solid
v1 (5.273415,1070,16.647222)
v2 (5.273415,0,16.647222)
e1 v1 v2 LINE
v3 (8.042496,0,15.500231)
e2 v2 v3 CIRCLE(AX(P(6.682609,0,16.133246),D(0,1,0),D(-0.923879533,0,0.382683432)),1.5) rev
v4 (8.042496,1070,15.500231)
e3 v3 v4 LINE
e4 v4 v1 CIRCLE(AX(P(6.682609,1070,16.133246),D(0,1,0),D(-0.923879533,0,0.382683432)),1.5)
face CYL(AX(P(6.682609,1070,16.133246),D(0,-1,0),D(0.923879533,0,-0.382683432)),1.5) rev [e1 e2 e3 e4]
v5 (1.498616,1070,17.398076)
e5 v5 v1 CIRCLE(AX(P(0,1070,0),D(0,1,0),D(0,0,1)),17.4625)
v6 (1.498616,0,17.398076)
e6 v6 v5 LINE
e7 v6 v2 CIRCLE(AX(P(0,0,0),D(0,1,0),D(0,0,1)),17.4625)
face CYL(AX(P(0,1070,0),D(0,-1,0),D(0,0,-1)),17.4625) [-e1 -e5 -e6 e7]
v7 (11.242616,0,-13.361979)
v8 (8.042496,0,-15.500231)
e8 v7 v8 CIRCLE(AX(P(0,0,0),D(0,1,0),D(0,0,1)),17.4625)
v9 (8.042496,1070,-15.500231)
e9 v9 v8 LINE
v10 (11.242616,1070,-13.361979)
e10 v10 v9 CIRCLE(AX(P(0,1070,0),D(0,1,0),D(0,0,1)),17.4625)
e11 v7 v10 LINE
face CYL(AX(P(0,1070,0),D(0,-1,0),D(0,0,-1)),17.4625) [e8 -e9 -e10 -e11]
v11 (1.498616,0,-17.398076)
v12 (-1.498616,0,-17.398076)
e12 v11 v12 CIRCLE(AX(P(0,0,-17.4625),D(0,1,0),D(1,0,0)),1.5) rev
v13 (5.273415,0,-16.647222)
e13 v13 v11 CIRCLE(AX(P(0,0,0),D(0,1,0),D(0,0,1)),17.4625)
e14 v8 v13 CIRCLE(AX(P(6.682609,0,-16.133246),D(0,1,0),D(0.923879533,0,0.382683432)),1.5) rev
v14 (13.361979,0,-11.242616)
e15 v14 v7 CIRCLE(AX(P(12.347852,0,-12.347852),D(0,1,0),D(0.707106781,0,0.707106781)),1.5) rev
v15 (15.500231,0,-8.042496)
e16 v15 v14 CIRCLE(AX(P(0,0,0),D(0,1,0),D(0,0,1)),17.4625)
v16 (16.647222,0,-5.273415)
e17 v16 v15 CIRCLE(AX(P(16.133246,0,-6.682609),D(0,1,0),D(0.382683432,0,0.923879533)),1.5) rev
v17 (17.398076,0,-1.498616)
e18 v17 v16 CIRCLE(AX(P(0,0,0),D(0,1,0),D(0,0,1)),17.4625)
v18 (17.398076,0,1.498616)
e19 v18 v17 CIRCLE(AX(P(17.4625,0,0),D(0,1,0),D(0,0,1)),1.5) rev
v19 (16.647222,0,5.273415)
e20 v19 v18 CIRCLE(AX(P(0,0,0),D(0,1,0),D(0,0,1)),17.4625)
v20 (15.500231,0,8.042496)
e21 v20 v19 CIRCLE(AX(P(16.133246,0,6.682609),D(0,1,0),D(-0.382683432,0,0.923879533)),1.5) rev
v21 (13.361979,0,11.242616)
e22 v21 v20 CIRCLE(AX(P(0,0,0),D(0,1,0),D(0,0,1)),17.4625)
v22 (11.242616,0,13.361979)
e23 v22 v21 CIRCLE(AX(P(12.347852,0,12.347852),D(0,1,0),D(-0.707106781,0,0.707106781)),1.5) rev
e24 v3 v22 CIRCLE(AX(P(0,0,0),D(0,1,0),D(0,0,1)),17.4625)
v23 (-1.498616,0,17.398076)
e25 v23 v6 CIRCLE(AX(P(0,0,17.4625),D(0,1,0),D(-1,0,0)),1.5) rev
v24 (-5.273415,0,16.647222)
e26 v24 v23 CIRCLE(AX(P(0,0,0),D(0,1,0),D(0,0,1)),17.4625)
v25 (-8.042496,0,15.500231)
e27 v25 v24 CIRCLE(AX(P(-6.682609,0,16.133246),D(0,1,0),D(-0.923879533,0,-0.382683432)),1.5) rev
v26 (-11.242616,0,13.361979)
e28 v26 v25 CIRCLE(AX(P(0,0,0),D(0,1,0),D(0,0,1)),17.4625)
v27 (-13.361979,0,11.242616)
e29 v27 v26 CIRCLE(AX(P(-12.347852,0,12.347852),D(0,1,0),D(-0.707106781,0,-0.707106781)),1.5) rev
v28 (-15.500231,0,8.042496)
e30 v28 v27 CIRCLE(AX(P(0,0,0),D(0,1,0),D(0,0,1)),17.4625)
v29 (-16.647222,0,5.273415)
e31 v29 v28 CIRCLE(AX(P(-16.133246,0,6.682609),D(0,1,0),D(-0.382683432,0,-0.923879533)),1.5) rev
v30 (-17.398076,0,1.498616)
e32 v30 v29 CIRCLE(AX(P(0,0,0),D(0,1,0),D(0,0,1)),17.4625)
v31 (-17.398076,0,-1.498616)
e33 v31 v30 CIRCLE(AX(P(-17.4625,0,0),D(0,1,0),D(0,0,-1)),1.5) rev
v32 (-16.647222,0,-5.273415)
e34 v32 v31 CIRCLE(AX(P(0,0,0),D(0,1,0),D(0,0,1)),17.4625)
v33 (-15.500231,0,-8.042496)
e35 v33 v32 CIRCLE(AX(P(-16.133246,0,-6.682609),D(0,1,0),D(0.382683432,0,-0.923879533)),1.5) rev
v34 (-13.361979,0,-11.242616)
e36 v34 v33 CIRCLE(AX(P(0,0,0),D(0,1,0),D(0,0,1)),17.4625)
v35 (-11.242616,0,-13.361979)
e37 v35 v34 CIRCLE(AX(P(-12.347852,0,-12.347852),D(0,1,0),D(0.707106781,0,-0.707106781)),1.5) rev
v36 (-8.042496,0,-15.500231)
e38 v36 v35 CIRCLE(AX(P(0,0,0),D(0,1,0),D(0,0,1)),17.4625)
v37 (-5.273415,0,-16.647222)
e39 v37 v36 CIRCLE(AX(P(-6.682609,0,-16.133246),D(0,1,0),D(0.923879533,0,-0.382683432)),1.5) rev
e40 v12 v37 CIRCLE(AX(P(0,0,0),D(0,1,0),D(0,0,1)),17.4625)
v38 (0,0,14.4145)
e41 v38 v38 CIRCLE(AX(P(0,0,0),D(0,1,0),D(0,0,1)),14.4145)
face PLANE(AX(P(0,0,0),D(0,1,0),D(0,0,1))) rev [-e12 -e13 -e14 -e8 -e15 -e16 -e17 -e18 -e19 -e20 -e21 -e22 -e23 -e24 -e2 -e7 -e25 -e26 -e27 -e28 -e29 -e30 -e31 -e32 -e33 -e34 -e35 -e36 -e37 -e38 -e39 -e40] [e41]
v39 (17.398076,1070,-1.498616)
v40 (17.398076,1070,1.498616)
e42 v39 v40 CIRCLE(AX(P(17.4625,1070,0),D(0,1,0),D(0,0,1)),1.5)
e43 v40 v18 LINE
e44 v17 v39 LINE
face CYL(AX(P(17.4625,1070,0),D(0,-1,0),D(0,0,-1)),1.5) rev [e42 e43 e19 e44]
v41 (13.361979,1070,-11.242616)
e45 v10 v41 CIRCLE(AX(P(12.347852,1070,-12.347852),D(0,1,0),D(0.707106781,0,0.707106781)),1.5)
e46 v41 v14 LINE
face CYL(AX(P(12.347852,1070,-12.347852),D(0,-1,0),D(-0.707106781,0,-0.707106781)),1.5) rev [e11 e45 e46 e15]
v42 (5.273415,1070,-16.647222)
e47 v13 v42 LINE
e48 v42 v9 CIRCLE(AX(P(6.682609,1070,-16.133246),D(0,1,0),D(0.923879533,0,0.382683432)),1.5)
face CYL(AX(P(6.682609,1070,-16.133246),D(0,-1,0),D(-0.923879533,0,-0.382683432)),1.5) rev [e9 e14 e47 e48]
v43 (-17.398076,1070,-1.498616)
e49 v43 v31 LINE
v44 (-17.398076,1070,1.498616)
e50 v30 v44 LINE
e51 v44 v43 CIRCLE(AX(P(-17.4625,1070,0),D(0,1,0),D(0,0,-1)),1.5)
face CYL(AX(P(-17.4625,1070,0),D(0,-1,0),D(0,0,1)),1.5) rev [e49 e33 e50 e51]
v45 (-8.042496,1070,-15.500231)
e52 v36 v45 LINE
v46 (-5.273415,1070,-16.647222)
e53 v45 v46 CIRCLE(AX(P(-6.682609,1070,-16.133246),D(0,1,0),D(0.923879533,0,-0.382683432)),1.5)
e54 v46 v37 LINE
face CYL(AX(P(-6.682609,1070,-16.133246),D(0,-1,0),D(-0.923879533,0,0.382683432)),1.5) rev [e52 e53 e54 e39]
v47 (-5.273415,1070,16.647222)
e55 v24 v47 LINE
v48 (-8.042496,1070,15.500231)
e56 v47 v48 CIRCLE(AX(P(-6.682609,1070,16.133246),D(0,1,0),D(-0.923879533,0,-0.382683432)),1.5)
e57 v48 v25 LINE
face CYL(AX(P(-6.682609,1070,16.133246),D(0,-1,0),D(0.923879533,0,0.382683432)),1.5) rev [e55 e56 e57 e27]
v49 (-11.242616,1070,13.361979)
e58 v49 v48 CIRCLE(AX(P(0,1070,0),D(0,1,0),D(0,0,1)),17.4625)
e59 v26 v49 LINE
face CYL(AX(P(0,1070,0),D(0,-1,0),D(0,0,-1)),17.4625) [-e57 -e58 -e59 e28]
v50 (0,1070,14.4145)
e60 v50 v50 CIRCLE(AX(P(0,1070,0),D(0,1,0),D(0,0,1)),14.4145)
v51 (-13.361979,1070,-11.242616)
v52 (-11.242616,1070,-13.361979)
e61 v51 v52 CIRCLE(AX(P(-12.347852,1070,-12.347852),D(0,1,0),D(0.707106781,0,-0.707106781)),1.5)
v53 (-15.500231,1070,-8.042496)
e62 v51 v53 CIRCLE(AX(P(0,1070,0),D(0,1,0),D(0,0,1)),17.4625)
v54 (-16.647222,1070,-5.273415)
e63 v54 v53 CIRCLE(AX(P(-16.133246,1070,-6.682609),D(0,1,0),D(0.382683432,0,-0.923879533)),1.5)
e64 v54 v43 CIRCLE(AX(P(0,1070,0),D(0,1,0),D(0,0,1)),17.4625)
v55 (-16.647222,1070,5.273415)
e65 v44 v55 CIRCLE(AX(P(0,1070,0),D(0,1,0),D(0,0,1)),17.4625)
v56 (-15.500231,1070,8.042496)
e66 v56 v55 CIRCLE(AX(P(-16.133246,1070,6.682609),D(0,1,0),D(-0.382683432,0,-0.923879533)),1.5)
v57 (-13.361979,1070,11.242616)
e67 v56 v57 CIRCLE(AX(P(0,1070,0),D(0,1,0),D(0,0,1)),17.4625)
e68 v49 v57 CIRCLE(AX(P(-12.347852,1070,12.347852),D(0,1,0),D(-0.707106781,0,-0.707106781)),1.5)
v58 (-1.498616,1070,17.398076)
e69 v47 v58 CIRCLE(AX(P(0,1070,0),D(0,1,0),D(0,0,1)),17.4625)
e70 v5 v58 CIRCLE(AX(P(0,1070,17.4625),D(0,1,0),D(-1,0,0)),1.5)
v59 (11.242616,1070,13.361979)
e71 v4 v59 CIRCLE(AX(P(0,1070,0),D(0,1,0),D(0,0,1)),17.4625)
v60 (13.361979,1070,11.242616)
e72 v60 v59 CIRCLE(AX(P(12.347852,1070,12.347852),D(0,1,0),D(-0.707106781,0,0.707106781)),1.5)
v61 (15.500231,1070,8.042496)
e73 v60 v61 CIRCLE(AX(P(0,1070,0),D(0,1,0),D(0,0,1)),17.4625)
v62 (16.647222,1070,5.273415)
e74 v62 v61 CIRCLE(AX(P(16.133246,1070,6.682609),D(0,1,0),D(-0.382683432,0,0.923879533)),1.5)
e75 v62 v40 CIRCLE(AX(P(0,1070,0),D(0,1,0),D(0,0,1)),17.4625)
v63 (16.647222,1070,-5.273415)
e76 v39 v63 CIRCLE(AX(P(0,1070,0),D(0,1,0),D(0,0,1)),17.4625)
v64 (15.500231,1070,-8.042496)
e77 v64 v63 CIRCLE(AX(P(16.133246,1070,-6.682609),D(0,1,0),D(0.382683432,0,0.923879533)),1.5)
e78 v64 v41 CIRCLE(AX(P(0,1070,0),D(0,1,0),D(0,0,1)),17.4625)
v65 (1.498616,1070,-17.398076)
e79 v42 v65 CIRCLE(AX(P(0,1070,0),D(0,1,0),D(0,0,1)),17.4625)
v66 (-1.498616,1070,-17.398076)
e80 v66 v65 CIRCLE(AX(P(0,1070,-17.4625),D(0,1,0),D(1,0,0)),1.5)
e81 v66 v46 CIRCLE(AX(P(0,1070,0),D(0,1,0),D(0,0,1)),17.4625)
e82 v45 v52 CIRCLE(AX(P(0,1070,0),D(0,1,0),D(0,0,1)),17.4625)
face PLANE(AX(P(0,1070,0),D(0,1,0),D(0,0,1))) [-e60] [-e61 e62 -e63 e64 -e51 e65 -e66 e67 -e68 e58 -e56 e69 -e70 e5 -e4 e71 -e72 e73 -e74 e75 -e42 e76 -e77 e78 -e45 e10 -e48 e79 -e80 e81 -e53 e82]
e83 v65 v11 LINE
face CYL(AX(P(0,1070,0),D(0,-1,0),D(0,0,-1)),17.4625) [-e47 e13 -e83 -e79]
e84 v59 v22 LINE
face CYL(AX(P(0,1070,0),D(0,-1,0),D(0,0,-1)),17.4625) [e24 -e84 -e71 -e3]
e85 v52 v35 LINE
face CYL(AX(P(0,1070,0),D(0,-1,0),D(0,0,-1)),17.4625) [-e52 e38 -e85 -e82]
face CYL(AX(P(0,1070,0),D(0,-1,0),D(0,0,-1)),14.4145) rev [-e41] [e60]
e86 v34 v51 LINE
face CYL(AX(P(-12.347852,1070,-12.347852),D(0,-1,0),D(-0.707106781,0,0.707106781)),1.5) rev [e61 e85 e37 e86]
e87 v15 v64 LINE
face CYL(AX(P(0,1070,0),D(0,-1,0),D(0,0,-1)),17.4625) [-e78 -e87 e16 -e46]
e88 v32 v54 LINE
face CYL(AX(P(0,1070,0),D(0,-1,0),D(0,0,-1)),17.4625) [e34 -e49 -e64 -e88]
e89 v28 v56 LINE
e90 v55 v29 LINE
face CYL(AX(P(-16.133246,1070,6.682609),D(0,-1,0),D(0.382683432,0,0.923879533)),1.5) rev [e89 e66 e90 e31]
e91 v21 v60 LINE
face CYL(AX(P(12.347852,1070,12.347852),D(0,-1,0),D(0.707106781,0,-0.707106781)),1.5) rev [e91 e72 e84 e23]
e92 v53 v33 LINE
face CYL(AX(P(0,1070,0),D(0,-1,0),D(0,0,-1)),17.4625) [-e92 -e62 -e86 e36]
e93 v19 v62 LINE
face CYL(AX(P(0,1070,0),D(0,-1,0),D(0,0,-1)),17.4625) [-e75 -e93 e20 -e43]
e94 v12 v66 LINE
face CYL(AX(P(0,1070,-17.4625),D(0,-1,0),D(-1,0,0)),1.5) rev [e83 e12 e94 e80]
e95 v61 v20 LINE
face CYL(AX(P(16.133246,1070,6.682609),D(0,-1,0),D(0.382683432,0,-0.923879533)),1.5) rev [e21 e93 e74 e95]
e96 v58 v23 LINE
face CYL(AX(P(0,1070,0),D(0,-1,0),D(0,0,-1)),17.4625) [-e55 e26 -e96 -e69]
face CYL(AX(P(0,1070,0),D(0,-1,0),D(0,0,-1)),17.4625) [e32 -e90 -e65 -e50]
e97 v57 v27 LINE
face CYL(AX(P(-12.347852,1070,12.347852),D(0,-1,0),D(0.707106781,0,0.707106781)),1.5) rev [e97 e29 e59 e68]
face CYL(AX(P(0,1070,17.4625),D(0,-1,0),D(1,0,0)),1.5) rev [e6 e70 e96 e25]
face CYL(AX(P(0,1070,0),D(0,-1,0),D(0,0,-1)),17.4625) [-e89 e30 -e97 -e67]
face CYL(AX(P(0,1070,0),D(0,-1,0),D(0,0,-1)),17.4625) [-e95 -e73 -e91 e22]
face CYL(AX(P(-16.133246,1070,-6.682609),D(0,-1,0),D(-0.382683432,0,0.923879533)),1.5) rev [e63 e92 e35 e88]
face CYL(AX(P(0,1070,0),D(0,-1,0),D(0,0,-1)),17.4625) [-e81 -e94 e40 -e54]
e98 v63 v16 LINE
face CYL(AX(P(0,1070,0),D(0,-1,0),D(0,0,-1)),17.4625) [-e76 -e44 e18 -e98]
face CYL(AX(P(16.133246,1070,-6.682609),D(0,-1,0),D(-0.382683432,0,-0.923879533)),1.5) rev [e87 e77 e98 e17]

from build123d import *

# Parameters (mm, degrees)
SKETCH1_R           = 17.4625
SKETCH1_R_2         = 14.4145
BOSS_EXTRUDE1_DEPTH = 1070
SKETCH2_R           = 1.5
CUT_EXTRUDE2_DEPTH  = 1070
CIRPATTERN1_COUNT   = 16


with BuildPart() as part:
    # Sketch1 → Boss-Extrude1 (new body)
    with BuildSketch(Plane(origin=(0, 0, 0), x_dir=(1, 0, 0), z_dir=(0, 1, 0))):
        Circle(SKETCH1_R)
        Circle(SKETCH1_R_2, mode=Mode.SUBTRACT)
    extrude(amount=BOSS_EXTRUDE1_DEPTH)

    # Sketch2 → Cut-Extrude2 (cut, symmetric)
    with BuildSketch(Plane(origin=(0, 0, 0), x_dir=(1, 0, 0), z_dir=(0, 1, 0))):
        with Locations((17.4625, 0)):
            Circle(SKETCH2_R)
    cut_extrude2 = extrude(amount=CUT_EXTRUDE2_DEPTH, both=True, mode=Mode.SUBTRACT)

    # CirPattern1: Cut-Extrude2 ×16 about axis
    cirpattern1_axis = Axis((0, 1123.5, 0), (0, -1, 0))
    for i in range(1, CIRPATTERN1_COUNT):
        add(cut_extrude2.rotate(cirpattern1_axis, i * 360 / CIRPATTERN1_COUNT), mode=Mode.SUBTRACT)


solid = part.part
